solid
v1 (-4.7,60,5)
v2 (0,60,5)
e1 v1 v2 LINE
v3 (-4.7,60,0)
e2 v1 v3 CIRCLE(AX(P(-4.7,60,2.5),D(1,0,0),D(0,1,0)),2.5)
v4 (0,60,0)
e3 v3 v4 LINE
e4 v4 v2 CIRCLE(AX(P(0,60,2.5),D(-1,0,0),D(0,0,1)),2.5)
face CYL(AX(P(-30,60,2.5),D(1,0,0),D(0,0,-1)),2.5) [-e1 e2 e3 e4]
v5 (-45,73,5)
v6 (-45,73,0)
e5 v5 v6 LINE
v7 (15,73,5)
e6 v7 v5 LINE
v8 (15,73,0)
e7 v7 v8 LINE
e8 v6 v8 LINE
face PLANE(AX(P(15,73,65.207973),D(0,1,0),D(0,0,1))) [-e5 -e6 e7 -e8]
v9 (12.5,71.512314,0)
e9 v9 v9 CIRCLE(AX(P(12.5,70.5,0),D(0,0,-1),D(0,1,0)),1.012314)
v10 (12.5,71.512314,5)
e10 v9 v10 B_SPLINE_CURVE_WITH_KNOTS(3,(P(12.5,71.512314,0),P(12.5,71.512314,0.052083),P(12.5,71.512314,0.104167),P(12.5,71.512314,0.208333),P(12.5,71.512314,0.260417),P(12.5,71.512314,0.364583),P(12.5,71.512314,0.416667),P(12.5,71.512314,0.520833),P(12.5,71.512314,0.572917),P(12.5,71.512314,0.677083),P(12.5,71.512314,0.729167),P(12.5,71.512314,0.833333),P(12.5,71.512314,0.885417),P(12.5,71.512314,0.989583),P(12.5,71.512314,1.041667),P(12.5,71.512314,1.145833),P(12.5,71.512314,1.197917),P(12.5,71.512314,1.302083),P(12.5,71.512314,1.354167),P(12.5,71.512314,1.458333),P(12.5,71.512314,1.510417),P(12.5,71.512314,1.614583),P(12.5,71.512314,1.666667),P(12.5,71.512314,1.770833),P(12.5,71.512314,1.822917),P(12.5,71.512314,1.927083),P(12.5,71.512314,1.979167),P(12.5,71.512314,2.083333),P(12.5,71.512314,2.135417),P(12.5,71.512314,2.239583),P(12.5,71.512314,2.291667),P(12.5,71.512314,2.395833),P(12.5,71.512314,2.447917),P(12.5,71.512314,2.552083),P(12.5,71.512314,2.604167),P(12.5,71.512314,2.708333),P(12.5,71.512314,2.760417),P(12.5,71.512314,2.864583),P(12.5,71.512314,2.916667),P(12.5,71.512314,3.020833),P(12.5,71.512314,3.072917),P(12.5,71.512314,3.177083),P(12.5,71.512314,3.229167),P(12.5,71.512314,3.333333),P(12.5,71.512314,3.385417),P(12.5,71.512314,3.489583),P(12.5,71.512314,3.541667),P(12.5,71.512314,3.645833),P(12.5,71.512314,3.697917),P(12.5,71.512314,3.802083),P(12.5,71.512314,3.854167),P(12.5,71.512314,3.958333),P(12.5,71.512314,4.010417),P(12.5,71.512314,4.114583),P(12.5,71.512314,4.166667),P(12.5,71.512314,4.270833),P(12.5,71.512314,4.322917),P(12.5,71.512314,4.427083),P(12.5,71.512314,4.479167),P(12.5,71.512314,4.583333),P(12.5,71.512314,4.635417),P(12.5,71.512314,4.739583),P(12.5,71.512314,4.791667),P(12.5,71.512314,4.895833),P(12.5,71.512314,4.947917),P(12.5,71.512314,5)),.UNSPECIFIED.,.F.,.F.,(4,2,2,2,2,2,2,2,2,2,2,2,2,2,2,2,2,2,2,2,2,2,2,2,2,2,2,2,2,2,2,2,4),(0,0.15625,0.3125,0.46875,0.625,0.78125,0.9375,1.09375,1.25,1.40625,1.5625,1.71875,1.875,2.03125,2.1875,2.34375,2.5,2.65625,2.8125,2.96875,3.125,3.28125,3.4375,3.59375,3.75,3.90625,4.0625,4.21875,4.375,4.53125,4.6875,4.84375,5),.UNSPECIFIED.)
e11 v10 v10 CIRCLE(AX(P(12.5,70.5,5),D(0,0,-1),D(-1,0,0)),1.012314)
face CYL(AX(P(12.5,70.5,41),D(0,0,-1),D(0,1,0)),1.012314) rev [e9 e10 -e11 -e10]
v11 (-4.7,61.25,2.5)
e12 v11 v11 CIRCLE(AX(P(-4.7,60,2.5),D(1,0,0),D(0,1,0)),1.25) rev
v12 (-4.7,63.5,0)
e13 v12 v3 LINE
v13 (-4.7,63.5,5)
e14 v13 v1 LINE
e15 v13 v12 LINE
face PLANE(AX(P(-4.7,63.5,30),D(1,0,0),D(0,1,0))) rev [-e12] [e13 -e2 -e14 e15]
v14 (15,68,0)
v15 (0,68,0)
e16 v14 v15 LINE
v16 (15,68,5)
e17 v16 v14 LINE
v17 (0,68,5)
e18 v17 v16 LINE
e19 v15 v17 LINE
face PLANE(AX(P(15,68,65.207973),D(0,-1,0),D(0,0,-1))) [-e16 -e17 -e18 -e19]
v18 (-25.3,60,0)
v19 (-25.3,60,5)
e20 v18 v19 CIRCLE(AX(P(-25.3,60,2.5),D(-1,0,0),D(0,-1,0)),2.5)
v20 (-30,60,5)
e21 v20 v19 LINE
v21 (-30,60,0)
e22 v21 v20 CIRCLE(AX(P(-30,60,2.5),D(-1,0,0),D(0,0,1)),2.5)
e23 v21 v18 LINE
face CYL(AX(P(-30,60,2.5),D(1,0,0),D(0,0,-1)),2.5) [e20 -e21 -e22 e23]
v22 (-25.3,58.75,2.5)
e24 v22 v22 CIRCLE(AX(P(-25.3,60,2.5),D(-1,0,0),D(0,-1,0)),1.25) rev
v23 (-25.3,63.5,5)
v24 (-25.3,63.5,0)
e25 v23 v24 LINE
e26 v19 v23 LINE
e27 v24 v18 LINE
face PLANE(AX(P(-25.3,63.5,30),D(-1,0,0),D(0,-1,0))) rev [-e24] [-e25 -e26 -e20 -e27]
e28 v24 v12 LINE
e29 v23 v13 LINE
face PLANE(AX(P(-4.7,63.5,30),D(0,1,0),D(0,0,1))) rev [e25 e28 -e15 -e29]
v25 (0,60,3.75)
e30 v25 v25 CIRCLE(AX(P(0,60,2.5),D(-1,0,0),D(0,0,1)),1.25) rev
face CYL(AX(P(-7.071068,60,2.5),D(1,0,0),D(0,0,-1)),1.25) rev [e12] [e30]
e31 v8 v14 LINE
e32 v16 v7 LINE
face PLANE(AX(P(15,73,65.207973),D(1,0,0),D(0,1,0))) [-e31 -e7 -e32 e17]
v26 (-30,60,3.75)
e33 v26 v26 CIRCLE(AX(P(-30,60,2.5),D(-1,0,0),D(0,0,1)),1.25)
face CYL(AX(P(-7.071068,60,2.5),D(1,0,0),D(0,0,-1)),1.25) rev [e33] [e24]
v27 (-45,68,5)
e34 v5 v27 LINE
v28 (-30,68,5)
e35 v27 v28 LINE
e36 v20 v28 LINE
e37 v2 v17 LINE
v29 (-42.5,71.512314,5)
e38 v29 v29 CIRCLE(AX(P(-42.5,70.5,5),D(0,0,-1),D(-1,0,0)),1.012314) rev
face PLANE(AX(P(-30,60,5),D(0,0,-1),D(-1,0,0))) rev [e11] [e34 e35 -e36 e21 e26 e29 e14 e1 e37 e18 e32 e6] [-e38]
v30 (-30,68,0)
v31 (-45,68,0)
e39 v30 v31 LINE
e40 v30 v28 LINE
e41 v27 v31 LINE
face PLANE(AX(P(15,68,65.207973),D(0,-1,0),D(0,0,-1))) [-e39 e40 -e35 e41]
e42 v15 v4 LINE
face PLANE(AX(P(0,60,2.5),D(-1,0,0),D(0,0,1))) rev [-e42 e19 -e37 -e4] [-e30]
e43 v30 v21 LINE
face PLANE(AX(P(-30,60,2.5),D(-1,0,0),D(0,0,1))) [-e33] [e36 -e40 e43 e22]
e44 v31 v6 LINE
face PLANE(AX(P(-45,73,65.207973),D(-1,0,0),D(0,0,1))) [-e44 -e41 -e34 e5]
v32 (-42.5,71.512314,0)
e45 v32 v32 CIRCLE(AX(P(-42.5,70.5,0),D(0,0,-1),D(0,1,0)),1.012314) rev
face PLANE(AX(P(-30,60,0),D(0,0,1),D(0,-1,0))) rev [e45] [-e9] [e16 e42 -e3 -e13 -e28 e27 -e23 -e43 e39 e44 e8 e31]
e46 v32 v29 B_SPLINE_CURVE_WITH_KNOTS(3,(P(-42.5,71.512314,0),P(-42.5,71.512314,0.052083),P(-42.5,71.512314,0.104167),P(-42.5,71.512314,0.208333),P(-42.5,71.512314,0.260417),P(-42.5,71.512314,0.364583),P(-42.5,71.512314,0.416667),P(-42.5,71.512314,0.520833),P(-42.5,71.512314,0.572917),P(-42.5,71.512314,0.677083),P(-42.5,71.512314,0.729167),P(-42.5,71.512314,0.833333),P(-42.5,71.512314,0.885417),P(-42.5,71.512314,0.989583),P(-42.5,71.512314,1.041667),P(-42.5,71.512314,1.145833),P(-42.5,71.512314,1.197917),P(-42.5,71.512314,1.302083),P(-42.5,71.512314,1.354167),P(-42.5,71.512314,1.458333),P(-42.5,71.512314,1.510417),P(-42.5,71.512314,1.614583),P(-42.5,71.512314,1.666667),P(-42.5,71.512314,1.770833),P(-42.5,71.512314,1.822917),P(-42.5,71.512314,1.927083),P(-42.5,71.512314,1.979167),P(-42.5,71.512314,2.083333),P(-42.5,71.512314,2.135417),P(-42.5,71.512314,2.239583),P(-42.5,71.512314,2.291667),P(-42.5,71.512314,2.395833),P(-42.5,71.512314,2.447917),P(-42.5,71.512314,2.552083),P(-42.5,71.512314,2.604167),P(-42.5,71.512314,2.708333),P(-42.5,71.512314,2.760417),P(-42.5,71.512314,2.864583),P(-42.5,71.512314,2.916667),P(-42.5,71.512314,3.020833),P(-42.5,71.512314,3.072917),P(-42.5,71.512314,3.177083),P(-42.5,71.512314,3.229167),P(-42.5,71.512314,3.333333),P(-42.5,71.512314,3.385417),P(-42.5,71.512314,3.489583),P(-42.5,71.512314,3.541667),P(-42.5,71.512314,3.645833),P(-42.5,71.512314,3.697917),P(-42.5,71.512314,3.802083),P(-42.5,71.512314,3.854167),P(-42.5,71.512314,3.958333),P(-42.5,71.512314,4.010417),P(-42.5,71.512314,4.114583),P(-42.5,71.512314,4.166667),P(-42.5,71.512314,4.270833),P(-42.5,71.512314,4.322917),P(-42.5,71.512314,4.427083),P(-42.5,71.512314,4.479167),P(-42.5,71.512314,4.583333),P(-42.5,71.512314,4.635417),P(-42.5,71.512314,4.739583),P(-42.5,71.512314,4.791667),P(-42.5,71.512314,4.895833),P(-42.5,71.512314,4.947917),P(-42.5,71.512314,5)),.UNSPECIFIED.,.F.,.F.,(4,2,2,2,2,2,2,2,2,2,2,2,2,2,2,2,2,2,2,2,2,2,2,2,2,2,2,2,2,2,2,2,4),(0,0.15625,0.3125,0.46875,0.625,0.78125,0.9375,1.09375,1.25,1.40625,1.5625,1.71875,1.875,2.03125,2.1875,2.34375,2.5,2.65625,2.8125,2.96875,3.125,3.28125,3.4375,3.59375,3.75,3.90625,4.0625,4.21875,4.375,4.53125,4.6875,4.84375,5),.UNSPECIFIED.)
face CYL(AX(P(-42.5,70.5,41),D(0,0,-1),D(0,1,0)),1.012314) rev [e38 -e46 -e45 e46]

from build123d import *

# Parameters (mm, degrees)
SKETCH1_W           = 20
SKETCH1_H           = 60
BOSS_EXTRUDE1_DEPTH = 5
SKETCH2_R           = 2.5
SKETCH2_R_2         = 1.25
BOSS_EXTRUDE2_DEPTH = 20
SKETCH3_R           = 1.25
CUT_EXTRUDE1_DEPTH  = 29
SKETCH4_R           = 2.5
SKETCH4_R_2         = 1.25
BOSS_EXTRUDE3_DEPTH = 20
SKETCH5_R           = 1.25
CUT_EXTRUDE2_DEPTH  = 29
SKETCH6_R           = 1.25
BOSS_EXTRUDE4_DEPTH = 30
SKETCH7_W           = 20.6
SKETCH7_H           = 7
CUT_EXTRUDE3_DEPTH  = 30
SKETCH8_W           = 60.511546569
SKETCH8_H           = 78.563917263
CUT_EXTRUDE4_DEPTH  = 41
SKETCH10_W          = 60
SKETCH10_H          = 5
BOSS_EXTRUDE5_DEPTH = 5
SKETCH11_R          = 1.012314422
CUT_EXTRUDE5_DEPTH  = 41


with BuildPart() as part:
    # Sketch1 → Boss-Extrude1 (new body)
    with BuildSketch(Plane.XY):
        with Locations((10, 30)):
            Rectangle(SKETCH1_W, SKETCH1_H)
    extrude(amount=BOSS_EXTRUDE1_DEPTH)

    # Sketch2 → Boss-Extrude2 (add)
    with BuildSketch(Plane(origin=(20, 0, 0), x_dir=(0, 0, -1), z_dir=(1, 0, 0))):
        with Locations((-2.5, 60)):
            Circle(SKETCH2_R)
        with Locations((-2.5, 60)):
            Circle(SKETCH2_R_2, mode=Mode.SUBTRACT)
    extrude(amount=-BOSS_EXTRUDE2_DEPTH)

    # Sketch3 → Cut-Extrude1 (cut)
    with BuildSketch(Plane.ZY):
        with Locations(Location((2.5, 60, 0), (0, 0, 180))):
            Circle(SKETCH3_R)
    extrude(amount=-CUT_EXTRUDE1_DEPTH, mode=Mode.SUBTRACT)

    # Sketch4 → Boss-Extrude3 (add)
    with BuildSketch(Plane.ZY):
        with Locations((2.5, 0)):
            Circle(SKETCH4_R)
        with Locations((2.5, 0)):
            Circle(SKETCH4_R_2, mode=Mode.SUBTRACT)
    extrude(amount=-BOSS_EXTRUDE3_DEPTH)

    # Sketch5 → Cut-Extrude2 (cut)
    with BuildSketch(Plane(origin=(20, 0, 0), x_dir=(0, 0, -1), z_dir=(1, 0, 0))):
        with Locations(Location((-2.5, 0, 0), (0, 0, 180))):
            Circle(SKETCH5_R)
    extrude(amount=-CUT_EXTRUDE2_DEPTH, mode=Mode.SUBTRACT)

    # Sketch6 → Boss-Extrude4 (add)
    with BuildSketch(Plane.ZY):
        with BuildLine():
            Line((5, 60), (5, 70))
            Line((5, 70), (0, 70))
            Line((0, 70), (0, 60))
            ThreePointArc((0, 60), (2.5, 57.5), (5, 60))
        make_face()
        with Locations(Location((2.5, 60, 0), (0, 0, 180))):
            Circle(SKETCH6_R, mode=Mode.SUBTRACT)
    extrude(amount=BOSS_EXTRUDE4_DEPTH)

    # Sketch7 → Cut-Extrude3 (cut)
    with BuildSketch(Plane(origin=(0, 0, 0), x_dir=(-1, 0, 0), z_dir=(0, 0, -1))):
        with Locations((15, 60)):
            Rectangle(SKETCH7_W, SKETCH7_H)
    extrude(amount=-CUT_EXTRUDE3_DEPTH, mode=Mode.SUBTRACT)

    # Sketch8 → Cut-Extrude4 (cut)
    with BuildSketch(Plane.ZY):
        with Locations((2.066743104, 31.078249137)):
            Rectangle(SKETCH8_W, SKETCH8_H)
    extrude(amount=-CUT_EXTRUDE4_DEPTH, mode=Mode.SUBTRACT)

    # Sketch10 → Boss-Extrude5 (add)
    with BuildSketch(Plane(origin=(0, 0, 0), x_dir=(-1, 0, 0), z_dir=(0, 0, -1))):
        with Locations((15, 70.5)):
            Rectangle(SKETCH10_W, SKETCH10_H)
    extrude(amount=-BOSS_EXTRUDE5_DEPTH)

    # Sketch11 → Cut-Extrude5 (cut)
    with BuildSketch(Plane(origin=(0, 0, 0), x_dir=(-1, 0, 0), z_dir=(0, 0, -1))):
        with Locations(Location((-12.5, 70.5, 0), (0, 0, 90))):
            Circle(SKETCH11_R)
        with Locations(Location((42.5, 70.5, 0), (0, 0, 90))):
            Circle(SKETCH11_R)
    extrude(amount=-CUT_EXTRUDE5_DEPTH, mode=Mode.SUBTRACT)


solid = part.part
